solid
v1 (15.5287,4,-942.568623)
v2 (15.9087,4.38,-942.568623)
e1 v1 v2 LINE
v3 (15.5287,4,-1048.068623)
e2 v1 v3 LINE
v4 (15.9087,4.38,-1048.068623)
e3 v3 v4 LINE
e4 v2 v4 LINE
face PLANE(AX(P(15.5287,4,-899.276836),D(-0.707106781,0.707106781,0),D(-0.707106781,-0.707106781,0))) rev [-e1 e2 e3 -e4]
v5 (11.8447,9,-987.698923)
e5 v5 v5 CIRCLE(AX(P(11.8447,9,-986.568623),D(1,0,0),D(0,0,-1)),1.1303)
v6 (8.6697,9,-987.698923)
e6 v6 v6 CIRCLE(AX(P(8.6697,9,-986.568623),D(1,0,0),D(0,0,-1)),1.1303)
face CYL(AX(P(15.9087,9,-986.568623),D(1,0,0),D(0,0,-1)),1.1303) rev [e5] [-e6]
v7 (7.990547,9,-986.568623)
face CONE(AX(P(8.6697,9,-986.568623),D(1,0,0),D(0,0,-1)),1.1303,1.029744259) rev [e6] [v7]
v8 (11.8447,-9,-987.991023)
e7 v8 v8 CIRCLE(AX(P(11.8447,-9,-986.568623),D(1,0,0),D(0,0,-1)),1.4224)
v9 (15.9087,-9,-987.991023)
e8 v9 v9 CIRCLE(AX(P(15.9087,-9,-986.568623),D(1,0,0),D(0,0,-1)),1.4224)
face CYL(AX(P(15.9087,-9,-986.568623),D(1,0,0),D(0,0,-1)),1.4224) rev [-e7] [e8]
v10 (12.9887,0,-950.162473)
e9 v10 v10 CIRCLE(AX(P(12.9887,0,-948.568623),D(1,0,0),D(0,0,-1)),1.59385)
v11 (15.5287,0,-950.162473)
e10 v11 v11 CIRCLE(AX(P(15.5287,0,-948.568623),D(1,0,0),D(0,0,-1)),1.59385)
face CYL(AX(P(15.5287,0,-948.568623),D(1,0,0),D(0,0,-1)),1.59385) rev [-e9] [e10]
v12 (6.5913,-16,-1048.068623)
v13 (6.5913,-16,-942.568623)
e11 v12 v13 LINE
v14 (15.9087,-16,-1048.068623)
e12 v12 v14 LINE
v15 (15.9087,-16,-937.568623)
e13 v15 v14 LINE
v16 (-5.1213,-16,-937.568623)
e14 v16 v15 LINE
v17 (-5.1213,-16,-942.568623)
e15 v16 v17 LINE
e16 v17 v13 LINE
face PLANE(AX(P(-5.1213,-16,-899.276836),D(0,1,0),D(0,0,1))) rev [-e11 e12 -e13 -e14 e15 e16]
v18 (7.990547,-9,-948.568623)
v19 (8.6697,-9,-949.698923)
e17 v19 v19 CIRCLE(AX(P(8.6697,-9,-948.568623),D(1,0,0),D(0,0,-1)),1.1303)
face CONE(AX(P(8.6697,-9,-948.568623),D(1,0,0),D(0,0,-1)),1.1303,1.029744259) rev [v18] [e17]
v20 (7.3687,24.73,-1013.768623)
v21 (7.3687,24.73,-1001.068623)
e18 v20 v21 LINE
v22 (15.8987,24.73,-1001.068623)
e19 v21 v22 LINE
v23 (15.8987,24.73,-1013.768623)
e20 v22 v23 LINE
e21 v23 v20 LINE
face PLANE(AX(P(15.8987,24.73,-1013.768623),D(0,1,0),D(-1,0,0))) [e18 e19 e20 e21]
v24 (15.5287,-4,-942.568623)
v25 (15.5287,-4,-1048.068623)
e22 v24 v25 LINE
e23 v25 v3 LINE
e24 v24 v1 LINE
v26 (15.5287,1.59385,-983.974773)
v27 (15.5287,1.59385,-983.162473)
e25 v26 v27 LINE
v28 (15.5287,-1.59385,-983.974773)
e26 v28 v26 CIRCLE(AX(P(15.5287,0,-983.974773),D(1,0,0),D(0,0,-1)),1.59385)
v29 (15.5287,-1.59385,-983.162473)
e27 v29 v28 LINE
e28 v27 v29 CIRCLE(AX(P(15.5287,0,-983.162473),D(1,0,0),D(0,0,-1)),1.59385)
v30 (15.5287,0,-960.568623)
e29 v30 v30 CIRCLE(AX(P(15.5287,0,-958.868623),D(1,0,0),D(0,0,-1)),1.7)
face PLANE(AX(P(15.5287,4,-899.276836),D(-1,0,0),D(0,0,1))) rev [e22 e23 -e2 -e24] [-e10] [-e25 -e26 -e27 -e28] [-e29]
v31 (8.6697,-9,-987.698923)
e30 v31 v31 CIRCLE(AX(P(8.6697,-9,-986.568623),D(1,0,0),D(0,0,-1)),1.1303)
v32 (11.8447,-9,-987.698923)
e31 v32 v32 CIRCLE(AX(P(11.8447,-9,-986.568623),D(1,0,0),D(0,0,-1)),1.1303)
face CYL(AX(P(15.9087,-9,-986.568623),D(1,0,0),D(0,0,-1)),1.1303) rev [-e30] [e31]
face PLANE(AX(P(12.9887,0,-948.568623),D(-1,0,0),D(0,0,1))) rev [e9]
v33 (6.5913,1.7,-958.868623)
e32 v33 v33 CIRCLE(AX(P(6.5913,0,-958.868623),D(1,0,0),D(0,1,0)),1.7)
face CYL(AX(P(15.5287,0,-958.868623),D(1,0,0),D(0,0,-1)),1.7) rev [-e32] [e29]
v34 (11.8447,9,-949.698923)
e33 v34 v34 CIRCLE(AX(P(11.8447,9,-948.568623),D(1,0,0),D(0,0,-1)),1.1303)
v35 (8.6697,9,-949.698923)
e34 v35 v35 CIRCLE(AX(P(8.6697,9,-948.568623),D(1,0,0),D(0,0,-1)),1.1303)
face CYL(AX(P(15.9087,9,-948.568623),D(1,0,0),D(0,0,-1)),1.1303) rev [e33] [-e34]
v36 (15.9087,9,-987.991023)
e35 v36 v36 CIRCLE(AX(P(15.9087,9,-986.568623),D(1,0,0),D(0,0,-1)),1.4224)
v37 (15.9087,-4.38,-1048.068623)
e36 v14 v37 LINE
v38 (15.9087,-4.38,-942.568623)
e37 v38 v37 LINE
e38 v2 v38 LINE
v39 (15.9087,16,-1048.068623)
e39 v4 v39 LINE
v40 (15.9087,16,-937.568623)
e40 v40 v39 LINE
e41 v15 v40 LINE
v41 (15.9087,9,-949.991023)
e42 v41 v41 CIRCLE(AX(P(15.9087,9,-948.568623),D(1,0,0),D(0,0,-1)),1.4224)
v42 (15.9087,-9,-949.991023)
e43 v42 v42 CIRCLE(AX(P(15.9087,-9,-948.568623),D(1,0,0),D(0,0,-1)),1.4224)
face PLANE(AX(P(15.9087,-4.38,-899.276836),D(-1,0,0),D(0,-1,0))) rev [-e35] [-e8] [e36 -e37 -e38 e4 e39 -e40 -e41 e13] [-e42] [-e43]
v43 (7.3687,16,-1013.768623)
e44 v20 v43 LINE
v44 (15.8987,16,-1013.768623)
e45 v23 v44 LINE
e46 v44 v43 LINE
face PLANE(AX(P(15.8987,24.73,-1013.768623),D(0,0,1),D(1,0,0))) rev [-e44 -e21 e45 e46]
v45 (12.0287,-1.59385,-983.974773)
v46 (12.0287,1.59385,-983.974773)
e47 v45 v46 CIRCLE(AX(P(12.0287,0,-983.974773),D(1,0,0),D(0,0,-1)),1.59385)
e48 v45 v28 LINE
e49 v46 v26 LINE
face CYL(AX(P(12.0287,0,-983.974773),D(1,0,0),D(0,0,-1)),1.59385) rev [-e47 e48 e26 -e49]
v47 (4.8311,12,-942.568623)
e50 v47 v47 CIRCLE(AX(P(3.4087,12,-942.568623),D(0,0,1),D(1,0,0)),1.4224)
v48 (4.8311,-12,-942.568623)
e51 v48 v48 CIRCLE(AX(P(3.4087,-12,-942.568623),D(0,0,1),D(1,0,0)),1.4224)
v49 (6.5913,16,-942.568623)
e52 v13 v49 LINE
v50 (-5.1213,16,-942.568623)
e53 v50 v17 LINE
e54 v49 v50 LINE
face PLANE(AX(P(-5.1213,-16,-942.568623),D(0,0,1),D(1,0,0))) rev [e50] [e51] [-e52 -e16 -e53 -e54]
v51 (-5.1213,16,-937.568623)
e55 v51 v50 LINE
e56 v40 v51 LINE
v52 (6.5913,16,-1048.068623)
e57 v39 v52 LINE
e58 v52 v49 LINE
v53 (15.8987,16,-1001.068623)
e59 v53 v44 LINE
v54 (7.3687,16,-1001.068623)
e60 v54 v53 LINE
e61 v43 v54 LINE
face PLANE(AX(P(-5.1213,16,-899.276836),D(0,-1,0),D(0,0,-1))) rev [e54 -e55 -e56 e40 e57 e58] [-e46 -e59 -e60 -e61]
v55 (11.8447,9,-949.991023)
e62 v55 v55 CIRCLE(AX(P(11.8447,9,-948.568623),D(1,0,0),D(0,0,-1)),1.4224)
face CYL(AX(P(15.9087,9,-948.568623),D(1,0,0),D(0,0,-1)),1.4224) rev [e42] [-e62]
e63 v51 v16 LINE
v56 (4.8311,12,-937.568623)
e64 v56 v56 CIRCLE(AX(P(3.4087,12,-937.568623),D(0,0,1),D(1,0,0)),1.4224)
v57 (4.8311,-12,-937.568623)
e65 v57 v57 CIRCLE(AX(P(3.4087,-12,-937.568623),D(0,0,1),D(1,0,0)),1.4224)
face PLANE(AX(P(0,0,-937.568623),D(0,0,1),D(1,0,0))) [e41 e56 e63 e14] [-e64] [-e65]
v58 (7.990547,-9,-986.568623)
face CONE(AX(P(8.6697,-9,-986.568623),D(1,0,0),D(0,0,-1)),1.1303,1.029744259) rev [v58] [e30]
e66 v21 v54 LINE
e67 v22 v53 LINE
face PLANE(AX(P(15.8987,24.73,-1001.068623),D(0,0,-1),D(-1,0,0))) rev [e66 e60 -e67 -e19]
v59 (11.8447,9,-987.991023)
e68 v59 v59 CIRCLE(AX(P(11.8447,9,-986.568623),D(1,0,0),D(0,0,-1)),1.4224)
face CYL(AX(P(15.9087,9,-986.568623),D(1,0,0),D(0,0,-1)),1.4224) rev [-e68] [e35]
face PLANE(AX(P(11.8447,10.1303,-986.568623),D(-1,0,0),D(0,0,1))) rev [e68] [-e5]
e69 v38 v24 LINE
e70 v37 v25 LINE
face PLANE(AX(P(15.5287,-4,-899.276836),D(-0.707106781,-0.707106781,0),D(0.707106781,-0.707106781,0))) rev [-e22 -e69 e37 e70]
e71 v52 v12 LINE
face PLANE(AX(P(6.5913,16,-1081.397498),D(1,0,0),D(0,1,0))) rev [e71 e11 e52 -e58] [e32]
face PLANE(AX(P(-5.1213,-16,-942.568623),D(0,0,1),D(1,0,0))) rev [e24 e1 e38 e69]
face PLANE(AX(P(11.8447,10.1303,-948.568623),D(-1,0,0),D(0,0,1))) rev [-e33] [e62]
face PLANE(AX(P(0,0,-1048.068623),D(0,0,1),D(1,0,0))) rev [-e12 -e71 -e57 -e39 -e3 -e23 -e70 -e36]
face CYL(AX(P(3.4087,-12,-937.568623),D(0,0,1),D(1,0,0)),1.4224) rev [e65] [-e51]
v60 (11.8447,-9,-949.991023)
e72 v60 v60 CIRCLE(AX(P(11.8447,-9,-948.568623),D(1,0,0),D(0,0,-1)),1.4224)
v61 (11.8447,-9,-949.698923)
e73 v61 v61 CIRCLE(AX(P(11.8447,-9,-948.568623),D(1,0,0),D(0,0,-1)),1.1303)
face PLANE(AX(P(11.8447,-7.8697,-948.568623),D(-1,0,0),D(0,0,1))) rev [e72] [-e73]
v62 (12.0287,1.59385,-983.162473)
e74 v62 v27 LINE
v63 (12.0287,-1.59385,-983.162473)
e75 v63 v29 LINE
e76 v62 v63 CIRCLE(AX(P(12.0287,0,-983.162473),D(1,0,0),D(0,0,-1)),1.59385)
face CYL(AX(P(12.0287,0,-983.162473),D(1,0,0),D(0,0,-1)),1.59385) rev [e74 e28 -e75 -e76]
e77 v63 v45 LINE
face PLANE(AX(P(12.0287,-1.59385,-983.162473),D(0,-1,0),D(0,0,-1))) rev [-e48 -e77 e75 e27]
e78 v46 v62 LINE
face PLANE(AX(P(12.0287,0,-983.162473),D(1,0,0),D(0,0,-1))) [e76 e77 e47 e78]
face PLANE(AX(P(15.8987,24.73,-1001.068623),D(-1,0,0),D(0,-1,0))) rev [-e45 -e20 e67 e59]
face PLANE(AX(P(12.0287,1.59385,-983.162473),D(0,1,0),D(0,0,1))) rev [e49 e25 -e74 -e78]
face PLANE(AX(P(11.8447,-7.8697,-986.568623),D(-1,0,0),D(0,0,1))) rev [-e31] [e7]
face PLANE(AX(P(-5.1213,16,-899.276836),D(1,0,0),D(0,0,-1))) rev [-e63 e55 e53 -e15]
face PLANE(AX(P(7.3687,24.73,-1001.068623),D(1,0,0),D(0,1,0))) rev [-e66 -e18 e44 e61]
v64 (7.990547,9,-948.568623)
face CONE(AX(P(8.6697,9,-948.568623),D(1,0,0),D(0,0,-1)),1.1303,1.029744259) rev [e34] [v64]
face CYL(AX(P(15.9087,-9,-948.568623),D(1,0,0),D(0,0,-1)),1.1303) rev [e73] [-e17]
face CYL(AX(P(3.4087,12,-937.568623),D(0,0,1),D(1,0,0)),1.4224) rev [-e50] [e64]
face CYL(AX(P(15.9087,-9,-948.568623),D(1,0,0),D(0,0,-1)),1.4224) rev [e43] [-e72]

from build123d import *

# Parameters (mm, degrees)
BASE_EXTRUDE_DEPTH              = 5
BOSS_EXTRUDE1_DEPTH             = 105.5
BOSS_EXTRUDE3_DEPTH             = 5
F_3_4_DIAMETER_HOLE1_D          = 3.4
F_4_40_TAPPED_HOLE1_D           = 2.2606
F_4_40_TAPPED_HOLE1_DEPTH       = 7.239
F_4_40_TAPPED_HOLE1_CBORE_D     = 2.8448
F_4_40_TAPPED_HOLE1_CBORE_DEPTH = 4.064
F_4_40_TAPPED_HOLE1_TIP         = 0.679152758
F_4_40_TAPPED_HOLE2_D           = 2.2606
F_4_40_TAPPED_HOLE2_CBORE_D     = 2.8448
F_4_40_TAPPED_HOLE2_CBORE_DEPTH = 5.6896
CUT_EXTRUDE1_DEPTH              = 3.5
HOLE1_D                         = 3.1877
HOLE1_DEPTH                     = 2.54
SKETCH14_W                      = 8.53
SKETCH14_H                      = 12.7
BOSS_EXTRUDE2_DEPTH             = 8.73


with BuildPart() as part:
    # Sketch1 → Base-Extrude (new body)
    with BuildSketch(Plane.XY.offset(-942.568622791)):
        Polygon((-5.1213, 16), (15.9087, 16), (15.9087, 4.38), (15.5287, 4), (15.5287, -4), (15.9087, -4.38), (15.9087, -16), (-5.1213, -16), align=None)
    extrude(amount=BASE_EXTRUDE_DEPTH)

    # Sketch3 → Boss-Extrude1 (add)
    with BuildSketch(Plane(origin=(0, 0, -942.568622791), x_dir=(-1, 0, 0), z_dir=(0, 0, -1))):
        Polygon((-15.9087, 4.38), (-15.9087, 16), (-6.5913, 16), (-6.5913, -16), (-15.9087, -16), (-15.9087, -4.38), (-15.5287, -4), (-15.5287, 4), align=None)
    extrude(amount=BOSS_EXTRUDE1_DEPTH)

    # Sketch15 → Boss-Extrude3 (add)
    with BuildSketch(Plane.XY.offset(-937.568622791)):
        Polygon((15.9087, -4.38), (15.5287, -4), (15.5287, 4), (15.9087, 4.38), align=None)
    extrude(amount=-BOSS_EXTRUDE3_DEPTH)

    # 3.4 Diameter Hole1 (through all)
    with Locations(Plane(origin=(15.5287, 0, 0), x_dir=(0, 0, -1), z_dir=(1, 0, 0))):
        with Locations((958.868622791, 0)):
            Hole(F_3_4_DIAMETER_HOLE1_D / 2)

    # #4-40 Tapped Hole1
    with Locations(Plane(origin=(15.9087, 0, 0), x_dir=(0, 0, -1), z_dir=(1, 0, 0))):
        with Locations((948.568622791, 9), (986.568622791, 9), (948.568622791, -9), (986.568622791, -9)):
            CounterBoreHole(F_4_40_TAPPED_HOLE1_D / 2, F_4_40_TAPPED_HOLE1_CBORE_D / 2, F_4_40_TAPPED_HOLE1_CBORE_DEPTH, depth=F_4_40_TAPPED_HOLE1_DEPTH)
            with Locations((0, 0, -(F_4_40_TAPPED_HOLE1_DEPTH + F_4_40_TAPPED_HOLE1_TIP / 2))):  # 118° drill point
                Cone(0, F_4_40_TAPPED_HOLE1_D / 2, F_4_40_TAPPED_HOLE1_TIP, mode=Mode.SUBTRACT)

    # #4-40 Tapped Hole2 (through all)
    with Locations(Plane.XY.offset(-937.568622791)):
        with Locations((3.4087, 12), (3.4087, -12)):
            CounterBoreHole(F_4_40_TAPPED_HOLE2_D / 2, F_4_40_TAPPED_HOLE2_CBORE_D / 2, F_4_40_TAPPED_HOLE2_CBORE_DEPTH)

    # Sketch11 → Cut-Extrude1 (cut)
    with BuildSketch(Plane(origin=(15.5287, 0, 0), x_dir=(0, 0, -1), z_dir=(1, 0, 0))):
        with BuildLine():
            Line((983.162472791, 1.59385), (983.974772791, 1.59385))
            ThreePointArc((983.974772791, 1.59385), (985.568622791, 0), (983.974772791, -1.59385))
            Line((983.974772791, -1.59385), (983.162472791, -1.59385))
            ThreePointArc((983.162472791, -1.59385), (981.568622791, 0), (983.162472791, 1.59385))
        make_face()
    extrude(amount=-CUT_EXTRUDE1_DEPTH, mode=Mode.SUBTRACT)

    # Hole1
    with Locations(Plane(origin=(15.5287, 0, 0), x_dir=(0, 0, -1), z_dir=(1, 0, 0))):
        with Locations((948.568622791, 0)):
            Hole(HOLE1_D / 2, depth=HOLE1_DEPTH)

    # Sketch14 → Boss-Extrude2 (add)
    with BuildSketch(Plane(origin=(0, 16, 0), x_dir=(-1, 0, 0), z_dir=(0, 1, 0))):
        with Locations((-11.6337, -1007.418622791)):
            Rectangle(SKETCH14_W, SKETCH14_H)
    extrude(amount=BOSS_EXTRUDE2_DEPTH)


solid = part.part
